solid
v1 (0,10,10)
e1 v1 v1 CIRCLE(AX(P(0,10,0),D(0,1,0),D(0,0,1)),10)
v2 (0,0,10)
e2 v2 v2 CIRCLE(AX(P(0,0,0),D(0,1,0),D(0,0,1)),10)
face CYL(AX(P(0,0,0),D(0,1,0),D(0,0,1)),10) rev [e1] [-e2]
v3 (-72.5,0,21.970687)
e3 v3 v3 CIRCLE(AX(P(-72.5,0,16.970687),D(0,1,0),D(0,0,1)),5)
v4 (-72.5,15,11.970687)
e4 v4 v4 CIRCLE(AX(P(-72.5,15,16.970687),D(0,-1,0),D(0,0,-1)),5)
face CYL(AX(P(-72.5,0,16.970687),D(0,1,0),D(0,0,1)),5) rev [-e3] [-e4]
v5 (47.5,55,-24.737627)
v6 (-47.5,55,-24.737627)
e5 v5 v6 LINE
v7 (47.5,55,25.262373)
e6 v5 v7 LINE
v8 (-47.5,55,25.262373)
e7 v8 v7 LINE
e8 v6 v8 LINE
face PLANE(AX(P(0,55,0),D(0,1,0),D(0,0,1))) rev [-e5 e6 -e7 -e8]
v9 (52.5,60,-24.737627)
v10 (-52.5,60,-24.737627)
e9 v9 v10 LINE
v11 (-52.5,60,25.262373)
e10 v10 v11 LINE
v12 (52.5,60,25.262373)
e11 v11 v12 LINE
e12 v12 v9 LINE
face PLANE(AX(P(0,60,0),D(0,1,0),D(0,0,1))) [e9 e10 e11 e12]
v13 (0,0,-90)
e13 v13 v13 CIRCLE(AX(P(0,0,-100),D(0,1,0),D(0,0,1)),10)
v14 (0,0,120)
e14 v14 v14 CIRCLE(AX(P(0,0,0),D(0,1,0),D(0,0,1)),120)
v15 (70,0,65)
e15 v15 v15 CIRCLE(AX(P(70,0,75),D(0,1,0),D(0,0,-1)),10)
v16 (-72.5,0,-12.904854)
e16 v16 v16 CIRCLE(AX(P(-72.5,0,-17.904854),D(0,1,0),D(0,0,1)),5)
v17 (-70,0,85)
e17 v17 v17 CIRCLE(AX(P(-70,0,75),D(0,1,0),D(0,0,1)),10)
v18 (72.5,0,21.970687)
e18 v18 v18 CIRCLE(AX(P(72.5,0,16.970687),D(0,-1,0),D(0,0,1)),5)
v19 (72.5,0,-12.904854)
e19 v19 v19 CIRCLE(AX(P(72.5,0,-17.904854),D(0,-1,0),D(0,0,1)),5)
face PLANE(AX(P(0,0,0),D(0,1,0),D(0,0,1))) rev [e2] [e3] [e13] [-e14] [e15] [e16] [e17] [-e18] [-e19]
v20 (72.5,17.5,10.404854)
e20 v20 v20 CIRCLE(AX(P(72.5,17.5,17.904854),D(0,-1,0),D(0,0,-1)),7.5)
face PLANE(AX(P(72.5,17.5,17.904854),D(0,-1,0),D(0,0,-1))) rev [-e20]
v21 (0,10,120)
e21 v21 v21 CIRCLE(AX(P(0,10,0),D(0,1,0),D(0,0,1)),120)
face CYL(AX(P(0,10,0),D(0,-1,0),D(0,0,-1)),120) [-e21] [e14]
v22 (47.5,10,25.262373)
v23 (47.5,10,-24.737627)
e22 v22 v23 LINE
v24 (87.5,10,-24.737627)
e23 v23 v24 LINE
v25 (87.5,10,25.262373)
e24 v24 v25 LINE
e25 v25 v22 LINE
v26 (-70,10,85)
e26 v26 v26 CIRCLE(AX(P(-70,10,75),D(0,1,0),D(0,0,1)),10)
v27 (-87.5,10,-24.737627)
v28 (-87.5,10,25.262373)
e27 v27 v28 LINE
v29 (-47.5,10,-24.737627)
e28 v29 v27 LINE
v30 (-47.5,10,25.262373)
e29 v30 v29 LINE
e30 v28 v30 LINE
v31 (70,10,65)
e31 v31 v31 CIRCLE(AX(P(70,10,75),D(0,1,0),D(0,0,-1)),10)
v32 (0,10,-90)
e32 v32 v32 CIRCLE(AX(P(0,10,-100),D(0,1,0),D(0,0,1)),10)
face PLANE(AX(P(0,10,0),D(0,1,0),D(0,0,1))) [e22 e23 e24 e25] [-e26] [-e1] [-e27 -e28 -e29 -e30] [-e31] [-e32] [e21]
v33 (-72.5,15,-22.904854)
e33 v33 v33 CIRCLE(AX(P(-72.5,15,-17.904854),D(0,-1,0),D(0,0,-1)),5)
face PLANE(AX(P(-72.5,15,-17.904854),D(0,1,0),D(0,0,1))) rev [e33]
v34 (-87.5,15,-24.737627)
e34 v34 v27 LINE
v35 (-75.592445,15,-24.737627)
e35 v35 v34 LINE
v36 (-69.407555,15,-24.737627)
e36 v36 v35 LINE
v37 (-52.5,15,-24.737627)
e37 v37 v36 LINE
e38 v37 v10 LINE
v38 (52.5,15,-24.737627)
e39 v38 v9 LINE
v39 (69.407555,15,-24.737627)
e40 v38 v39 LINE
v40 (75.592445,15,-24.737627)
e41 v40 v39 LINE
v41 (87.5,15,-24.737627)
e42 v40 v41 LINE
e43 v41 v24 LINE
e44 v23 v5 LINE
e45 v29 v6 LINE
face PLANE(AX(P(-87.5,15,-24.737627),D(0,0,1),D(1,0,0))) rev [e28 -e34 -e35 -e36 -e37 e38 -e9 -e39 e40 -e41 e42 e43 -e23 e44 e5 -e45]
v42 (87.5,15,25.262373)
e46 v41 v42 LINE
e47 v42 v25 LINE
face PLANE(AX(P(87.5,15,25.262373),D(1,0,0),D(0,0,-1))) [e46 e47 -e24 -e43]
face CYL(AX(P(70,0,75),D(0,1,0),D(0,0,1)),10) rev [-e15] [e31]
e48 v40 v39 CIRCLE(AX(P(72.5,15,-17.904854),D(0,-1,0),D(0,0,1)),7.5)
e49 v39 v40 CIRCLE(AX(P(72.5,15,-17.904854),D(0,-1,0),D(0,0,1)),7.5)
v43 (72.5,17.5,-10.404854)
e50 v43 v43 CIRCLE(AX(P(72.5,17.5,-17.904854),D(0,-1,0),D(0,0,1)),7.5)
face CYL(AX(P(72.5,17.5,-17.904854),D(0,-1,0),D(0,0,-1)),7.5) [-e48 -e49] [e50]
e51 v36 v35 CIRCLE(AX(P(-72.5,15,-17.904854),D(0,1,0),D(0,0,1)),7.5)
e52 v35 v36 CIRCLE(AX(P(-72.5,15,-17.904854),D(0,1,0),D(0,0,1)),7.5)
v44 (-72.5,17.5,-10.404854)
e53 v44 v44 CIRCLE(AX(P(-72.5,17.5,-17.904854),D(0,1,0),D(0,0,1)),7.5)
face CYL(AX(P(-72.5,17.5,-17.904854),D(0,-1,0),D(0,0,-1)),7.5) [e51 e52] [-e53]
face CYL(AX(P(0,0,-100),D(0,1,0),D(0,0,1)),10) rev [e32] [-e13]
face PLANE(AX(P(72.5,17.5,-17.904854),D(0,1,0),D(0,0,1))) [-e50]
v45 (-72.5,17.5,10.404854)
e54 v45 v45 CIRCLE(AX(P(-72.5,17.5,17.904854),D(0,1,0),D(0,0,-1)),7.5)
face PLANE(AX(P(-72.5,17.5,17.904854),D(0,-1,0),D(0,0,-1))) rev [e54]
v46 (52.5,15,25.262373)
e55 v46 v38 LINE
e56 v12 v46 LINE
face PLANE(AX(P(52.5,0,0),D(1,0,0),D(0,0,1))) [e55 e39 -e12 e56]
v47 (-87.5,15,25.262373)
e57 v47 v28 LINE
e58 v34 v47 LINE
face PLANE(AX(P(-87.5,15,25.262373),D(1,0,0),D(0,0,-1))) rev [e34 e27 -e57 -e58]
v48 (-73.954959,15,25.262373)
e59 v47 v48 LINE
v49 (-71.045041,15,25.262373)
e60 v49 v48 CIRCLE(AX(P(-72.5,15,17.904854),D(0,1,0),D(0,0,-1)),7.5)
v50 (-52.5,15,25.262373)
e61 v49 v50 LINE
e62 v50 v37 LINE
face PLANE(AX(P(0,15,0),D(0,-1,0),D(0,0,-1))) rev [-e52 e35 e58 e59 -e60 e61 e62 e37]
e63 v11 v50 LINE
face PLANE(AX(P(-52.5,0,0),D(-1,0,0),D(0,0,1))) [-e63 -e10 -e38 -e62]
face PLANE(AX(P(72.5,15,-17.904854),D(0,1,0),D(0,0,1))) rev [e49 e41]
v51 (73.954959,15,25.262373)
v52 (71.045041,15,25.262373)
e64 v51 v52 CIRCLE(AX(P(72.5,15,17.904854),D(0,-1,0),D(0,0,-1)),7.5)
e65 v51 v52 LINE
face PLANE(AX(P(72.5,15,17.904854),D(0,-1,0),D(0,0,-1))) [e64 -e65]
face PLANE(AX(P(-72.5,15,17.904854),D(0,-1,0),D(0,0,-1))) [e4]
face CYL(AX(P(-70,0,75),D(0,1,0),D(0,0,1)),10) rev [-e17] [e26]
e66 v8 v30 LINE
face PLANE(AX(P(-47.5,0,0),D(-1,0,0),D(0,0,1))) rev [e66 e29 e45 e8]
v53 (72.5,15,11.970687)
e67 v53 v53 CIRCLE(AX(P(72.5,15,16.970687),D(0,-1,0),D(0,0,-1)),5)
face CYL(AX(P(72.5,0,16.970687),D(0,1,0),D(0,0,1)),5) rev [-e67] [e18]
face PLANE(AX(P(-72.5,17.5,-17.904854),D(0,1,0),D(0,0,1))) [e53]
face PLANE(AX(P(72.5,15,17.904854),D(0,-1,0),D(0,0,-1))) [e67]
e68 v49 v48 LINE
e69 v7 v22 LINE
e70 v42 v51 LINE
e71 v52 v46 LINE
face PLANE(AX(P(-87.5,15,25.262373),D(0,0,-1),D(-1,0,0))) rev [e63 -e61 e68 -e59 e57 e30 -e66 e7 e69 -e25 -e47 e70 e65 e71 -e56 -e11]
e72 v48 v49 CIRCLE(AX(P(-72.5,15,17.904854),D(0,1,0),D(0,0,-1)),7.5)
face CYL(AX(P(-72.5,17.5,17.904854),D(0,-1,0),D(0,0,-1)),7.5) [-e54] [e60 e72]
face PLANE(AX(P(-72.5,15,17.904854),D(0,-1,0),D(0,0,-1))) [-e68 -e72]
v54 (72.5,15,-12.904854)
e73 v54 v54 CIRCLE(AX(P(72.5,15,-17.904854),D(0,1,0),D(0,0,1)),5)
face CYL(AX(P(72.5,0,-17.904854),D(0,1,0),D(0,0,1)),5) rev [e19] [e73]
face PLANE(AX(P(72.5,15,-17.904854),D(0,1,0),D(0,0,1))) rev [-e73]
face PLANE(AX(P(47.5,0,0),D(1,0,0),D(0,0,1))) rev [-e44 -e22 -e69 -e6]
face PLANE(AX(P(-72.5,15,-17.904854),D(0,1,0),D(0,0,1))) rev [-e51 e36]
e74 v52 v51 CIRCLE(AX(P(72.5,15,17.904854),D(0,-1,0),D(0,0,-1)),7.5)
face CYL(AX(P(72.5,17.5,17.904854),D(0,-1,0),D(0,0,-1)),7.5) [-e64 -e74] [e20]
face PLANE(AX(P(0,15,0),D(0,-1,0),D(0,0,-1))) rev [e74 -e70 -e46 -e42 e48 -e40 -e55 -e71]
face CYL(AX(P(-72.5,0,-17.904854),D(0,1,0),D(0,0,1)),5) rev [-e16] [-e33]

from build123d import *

# Parameters (mm, degrees)
SKETCH1_R               = 120
BOSS_EXTRUDE1_DEPTH     = 10
CUT_EXTRUDE1_DEPTH      = 171
CUT_EXTRUDE1_DEPTH_BACK = 171
SKETCH2_R               = 10
CUT_EXTRUDE2_DEPTH      = 171
CUT_EXTRUDE2_DEPTH_BACK = 171
SKETCH3_R               = 10
SKETCH8_W               = 35
SKETCH8_H               = 50
BOSS_EXTRUDE3_DEPTH     = 5
SKETCH9_W               = 50
SKETCH9_H               = 45
BOSS_EXTRUDE4_DEPTH     = 5
SKETCH10_W              = 105
SKETCH10_H              = 50
BOSS_EXTRUDE5_DEPTH     = 5
SKETCH11_R              = 5
CUT_EXTRUDE3_DEPTH      = 176.570498661
SKETCH12_R              = 7.5
BOSS_EXTRUDE6_DEPTH     = 2.5


with BuildPart() as part:
    # Sketch1 → Boss-Extrude1 (new body)
    with BuildSketch(Plane(origin=(0, 0, 0), x_dir=(1, 0, 0), z_dir=(0, 1, 0))):
        with Locations(Location((0, 0, 0), (0, 0, 270))):
            Circle(SKETCH1_R)
    extrude(amount=BOSS_EXTRUDE1_DEPTH)

    # Sketch2 → Cut-Extrude1 (cut, two sides: drawn at the far end of the back side and taken through both)
    with BuildSketch(Plane(origin=(0, 10, 0), x_dir=(1, 0, 0), z_dir=(0, 1, 0)).offset(-CUT_EXTRUDE1_DEPTH_BACK)):
        with Locations(Location((0, 0, 0), (0, 0, 270))):
            Circle(SKETCH2_R)
    extrude(amount=CUT_EXTRUDE1_DEPTH + CUT_EXTRUDE1_DEPTH_BACK, mode=Mode.SUBTRACT)

    # Sketch3 → Cut-Extrude2 (cut, two sides: drawn at the far end of the back side and taken through both)
    with BuildSketch(Plane(origin=(0, 10, 0), x_dir=(1, 0, 0), z_dir=(0, 1, 0)).offset(-CUT_EXTRUDE2_DEPTH_BACK)):
        with Locations(Location((0, 100, 0), (0, 0, 270))):
            Circle(SKETCH3_R)
        with Locations(Location((-70, -75, 0), (0, 0, 270))):
            Circle(SKETCH3_R)
        with Locations(Location((70, -75, 0), (0, 0, 90))):
            Circle(SKETCH3_R)
    extrude(amount=CUT_EXTRUDE2_DEPTH + CUT_EXTRUDE2_DEPTH_BACK, mode=Mode.SUBTRACT)

    # Sketch8 → Boss-Extrude3 (add)
    with BuildSketch(Plane(origin=(0, 10, 0), x_dir=(1, 0, 0), z_dir=(0, 1, 0))):
        with Locations((-70, -0.262373312)):
            Rectangle(SKETCH8_W, SKETCH8_H)
    boss_extrude3 = extrude(amount=BOSS_EXTRUDE3_DEPTH)

    # Mirror2: Boss-Extrude3 across plane
    add(boss_extrude3.mirror(Plane(origin=(0, 0, 0), x_dir=(0, 0, 1), z_dir=(1, 0, 0))))

    # Sketch9 → Boss-Extrude4 (add)
    with BuildSketch(Plane(origin=(-52.5, 0, 0), x_dir=(0, 0, -1), z_dir=(1, 0, 0))):
        with Locations((-0.262373312, 32.5)):
            Rectangle(SKETCH9_W, SKETCH9_H)
    boss_extrude4 = extrude(amount=BOSS_EXTRUDE4_DEPTH)

    # Mirror3: Boss-Extrude4 across plane
    add(boss_extrude4.mirror(Plane(origin=(0, 0, 0), x_dir=(0, 0, 1), z_dir=(1, 0, 0))))

    # Sketch10 → Boss-Extrude5 (add)
    with BuildSketch(Plane(origin=(0, 55, 0), x_dir=(1, 0, 0), z_dir=(0, 1, 0))):
        with Locations((0, -0.262373312)):
            Rectangle(SKETCH10_W, SKETCH10_H)
    extrude(amount=BOSS_EXTRUDE5_DEPTH)

    # Sketch11 → Cut-Extrude3 (cut, symmetric)
    with BuildSketch(Plane(origin=(0, 15, 0), x_dir=(1, 0, 0), z_dir=(0, 1, 0))):
        with Locations(Location((-72.5, 17.904853765, 0), (0, 0, 270))):
            Circle(SKETCH11_R)
        with Locations(Location((-72.5, -16.970687481, 0), (0, 0, 270))):
            Circle(SKETCH11_R)
    cut_extrude3 = extrude(amount=CUT_EXTRUDE3_DEPTH, both=True, mode=Mode.SUBTRACT)

    # Mirror4: Cut-Extrude3 across plane
    add(cut_extrude3.mirror(Plane(origin=(0, 0, 0), x_dir=(0, 0, 1), z_dir=(1, 0, 0))), mode=Mode.SUBTRACT)

    # Sketch12 → Boss-Extrude6 (add)
    with BuildSketch(Plane(origin=(0, 15, 0), x_dir=(1, 0, 0), z_dir=(0, 1, 0))):
        with Locations(Location((-72.5, 17.904853765, 0), (0, 0, 114.351031906))):
            Circle(SKETCH12_R)
        with Locations(Location((-72.5, -17.904853765, 0), (0, 0, 90))):
            Circle(SKETCH12_R)
    boss_extrude6 = extrude(amount=BOSS_EXTRUDE6_DEPTH)

    # Mirror5: Boss-Extrude6 across plane
    add(boss_extrude6.mirror(Plane(origin=(0, 0, 0), x_dir=(0, 0, 1), z_dir=(1, 0, 0))))


solid = part.part
